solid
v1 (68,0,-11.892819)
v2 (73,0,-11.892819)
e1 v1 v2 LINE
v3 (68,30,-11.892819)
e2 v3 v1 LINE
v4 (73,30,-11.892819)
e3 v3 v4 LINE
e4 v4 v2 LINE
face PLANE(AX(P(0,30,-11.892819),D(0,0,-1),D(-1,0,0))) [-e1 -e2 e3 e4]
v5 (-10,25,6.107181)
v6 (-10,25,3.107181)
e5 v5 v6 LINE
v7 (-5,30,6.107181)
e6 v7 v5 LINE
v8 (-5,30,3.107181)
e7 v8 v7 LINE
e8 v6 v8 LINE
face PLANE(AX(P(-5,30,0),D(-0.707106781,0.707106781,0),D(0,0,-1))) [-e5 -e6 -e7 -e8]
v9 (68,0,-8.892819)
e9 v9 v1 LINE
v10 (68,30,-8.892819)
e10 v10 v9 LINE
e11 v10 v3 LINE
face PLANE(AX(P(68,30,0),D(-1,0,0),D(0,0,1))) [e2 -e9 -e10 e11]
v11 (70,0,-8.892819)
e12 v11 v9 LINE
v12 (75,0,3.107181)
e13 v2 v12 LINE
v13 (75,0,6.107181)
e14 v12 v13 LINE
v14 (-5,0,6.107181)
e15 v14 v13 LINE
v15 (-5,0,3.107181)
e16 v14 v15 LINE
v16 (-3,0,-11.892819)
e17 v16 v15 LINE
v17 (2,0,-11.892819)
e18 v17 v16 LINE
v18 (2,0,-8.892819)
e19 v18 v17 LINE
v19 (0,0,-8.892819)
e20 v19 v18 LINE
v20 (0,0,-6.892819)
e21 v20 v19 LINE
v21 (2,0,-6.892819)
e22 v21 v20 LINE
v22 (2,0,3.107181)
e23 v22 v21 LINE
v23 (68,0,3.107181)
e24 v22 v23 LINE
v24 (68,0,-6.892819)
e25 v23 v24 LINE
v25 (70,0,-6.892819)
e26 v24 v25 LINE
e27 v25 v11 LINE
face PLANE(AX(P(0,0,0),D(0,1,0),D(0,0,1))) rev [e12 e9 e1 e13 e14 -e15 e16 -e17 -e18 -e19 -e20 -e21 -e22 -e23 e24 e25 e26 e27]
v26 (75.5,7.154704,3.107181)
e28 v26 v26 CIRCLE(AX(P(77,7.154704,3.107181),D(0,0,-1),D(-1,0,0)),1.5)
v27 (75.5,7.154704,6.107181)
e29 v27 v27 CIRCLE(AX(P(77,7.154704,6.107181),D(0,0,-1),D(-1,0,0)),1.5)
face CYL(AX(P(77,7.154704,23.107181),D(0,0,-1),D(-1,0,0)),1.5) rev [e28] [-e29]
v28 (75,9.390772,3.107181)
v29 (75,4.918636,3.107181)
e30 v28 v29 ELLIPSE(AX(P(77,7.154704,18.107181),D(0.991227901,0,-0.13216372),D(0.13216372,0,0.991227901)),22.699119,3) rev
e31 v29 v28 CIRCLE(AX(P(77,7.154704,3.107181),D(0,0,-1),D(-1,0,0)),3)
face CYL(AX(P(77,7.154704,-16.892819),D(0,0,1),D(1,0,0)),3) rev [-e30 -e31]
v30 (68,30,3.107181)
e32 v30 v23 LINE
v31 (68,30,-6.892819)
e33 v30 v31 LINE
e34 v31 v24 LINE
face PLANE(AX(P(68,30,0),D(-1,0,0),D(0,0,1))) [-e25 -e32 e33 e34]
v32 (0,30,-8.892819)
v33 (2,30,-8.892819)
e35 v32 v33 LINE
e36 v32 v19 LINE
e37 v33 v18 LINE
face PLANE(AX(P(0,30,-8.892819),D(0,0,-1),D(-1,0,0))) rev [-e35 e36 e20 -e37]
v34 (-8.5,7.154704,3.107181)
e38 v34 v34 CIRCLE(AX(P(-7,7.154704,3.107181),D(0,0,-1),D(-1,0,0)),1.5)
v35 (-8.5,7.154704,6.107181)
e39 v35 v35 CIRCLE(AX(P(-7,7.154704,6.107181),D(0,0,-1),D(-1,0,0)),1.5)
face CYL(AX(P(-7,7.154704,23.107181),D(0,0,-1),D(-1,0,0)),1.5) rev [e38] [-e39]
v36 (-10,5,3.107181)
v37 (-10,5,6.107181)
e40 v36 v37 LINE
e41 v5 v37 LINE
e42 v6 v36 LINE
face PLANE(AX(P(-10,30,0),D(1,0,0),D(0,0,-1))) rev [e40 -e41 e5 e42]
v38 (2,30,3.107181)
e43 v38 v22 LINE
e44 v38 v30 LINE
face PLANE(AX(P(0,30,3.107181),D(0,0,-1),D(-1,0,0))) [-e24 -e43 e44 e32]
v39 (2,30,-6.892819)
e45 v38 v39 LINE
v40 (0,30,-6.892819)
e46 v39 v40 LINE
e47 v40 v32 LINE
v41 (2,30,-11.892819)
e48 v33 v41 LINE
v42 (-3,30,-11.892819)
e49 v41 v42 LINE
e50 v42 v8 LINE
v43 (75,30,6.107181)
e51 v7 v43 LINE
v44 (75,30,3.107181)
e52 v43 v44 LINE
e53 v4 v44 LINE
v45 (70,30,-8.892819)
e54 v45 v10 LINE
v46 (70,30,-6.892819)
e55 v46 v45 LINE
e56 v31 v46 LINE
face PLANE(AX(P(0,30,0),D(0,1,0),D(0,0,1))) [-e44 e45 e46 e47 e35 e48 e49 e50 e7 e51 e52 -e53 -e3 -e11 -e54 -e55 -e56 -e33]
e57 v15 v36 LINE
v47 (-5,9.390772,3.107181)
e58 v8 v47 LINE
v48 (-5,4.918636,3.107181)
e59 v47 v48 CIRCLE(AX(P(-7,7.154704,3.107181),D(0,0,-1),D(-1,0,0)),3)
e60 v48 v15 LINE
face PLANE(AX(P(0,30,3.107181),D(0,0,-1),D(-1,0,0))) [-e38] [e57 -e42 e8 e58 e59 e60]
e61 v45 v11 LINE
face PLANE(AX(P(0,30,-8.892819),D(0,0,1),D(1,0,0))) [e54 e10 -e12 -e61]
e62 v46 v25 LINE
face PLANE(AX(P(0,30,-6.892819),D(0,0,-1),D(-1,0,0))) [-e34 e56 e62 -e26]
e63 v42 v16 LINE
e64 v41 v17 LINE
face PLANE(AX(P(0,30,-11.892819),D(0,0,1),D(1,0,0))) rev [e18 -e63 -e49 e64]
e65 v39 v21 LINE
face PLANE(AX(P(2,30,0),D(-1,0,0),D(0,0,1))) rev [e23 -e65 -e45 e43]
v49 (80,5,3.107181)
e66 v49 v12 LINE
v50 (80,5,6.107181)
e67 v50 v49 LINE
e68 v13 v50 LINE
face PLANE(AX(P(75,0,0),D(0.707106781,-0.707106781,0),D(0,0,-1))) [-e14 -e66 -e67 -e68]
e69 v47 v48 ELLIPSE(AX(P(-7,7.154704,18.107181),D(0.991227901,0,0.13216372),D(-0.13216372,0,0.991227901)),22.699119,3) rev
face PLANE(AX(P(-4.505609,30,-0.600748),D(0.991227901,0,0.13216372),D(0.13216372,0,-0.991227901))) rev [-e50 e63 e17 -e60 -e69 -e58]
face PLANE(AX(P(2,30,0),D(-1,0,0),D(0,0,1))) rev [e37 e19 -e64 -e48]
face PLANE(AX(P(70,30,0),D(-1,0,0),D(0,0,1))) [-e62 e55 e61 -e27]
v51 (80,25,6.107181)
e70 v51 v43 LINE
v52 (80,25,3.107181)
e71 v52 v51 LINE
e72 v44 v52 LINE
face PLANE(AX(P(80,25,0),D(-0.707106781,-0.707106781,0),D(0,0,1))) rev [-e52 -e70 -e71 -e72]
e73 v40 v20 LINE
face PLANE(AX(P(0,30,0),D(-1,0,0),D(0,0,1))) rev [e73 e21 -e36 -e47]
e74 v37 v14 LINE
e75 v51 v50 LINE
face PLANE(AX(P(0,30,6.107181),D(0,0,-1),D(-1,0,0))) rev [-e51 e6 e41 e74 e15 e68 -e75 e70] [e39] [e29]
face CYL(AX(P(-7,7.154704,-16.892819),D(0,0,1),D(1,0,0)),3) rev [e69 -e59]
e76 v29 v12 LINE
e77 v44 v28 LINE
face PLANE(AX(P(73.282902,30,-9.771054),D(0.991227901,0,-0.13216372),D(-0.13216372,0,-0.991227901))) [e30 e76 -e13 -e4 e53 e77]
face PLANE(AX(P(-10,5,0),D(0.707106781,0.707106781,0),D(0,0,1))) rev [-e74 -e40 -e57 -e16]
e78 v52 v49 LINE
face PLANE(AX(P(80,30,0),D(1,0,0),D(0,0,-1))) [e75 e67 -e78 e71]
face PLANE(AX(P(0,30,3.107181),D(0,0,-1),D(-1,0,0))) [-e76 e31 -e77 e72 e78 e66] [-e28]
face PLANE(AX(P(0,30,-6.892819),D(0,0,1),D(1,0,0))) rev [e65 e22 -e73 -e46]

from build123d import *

# Parameters (mm, degrees)
BOSS_EXTRUDE1_DEPTH = 30
SKETCH2_R           = 1.5
CUT_EXTRUDE1_DEPTH  = 20
CUT_EXTRUDE2_START  = 20
SKETCH2_3_R         = 3
SKETCH2_3_R_2       = 1.5
CUT_EXTRUDE2_DEPTH  = 20
CHAMFER1_SIZE       = 5


with BuildPart() as part:
    # Sketch1 → Boss-Extrude1 (new body)
    with BuildSketch(Plane(origin=(0, 0, 0), x_dir=(1, 0, 0), z_dir=(0, 1, 0))):
        Polygon((-3, 11.892818554), (-5, -3.107181446), (-10, -3.107181446), (-10, -6.107181446), (80, -6.107181446), (80, -3.107181446), (75, -3.107181446), (73, 11.892818554), (68, 11.892818554), (68, 8.892818554), (70, 8.892818554), (70, 6.892818554), (68, 6.892818554), (68, -3.107181446), (2, -3.107181446), (2, 6.892818554), (0, 6.892818554), (0, 8.892818554), (2, 8.892818554), (2, 11.892818554), align=None)
    extrude(amount=BOSS_EXTRUDE1_DEPTH)

    # Sketch2 → Cut-Extrude1 (cut)
    with BuildSketch(Plane(origin=(0, 0, 3.107181446), x_dir=(-1, 0, 0), z_dir=(0, 0, -1))):
        with Locations((7, 7.154704287)):
            Circle(SKETCH2_R)
        with Locations((-77, 7.154704287)):
            Circle(SKETCH2_R)
    extrude(amount=-CUT_EXTRUDE1_DEPTH, mode=Mode.SUBTRACT)

    # Sketch2<3> → Cut-Extrude2 (cut)
    # profile 1 of 2: a face of its own
    with BuildSketch(Plane(origin=(0, 0, 3.107181446), x_dir=(-1, 0, 0), z_dir=(0, 0, -1)).offset(CUT_EXTRUDE2_START)):
        with Locations((7, 7.154704287)):
            Circle(SKETCH2_3_R)
        with Locations((7, 7.154704287)):
            Circle(SKETCH2_3_R_2, mode=Mode.SUBTRACT)
    # profile 2 of 2: a face of its own
    with BuildSketch(Plane(origin=(0, 0, 3.107181446), x_dir=(-1, 0, 0), z_dir=(0, 0, -1)).offset(CUT_EXTRUDE2_START)):
        with Locations((-77, 7.154704287)):
            Circle(SKETCH2_3_R)
        with Locations((-77, 7.154704287)):
            Circle(SKETCH2_3_R_2, mode=Mode.SUBTRACT)
    extrude(amount=-CUT_EXTRUDE2_DEPTH, mode=Mode.SUBTRACT)

    # Chamfer1
    chamfer1_edges = [part.edges().sort_by_distance(p)[0] for p in [
        (80, 0, 4.607181446),
        (80, 30, 4.607181446),
        (-10, 0, 4.607181446),
        (-10, 30, 4.607181446),
    ]]
    chamfer(chamfer1_edges, length=CHAMFER1_SIZE)


solid = part.part
